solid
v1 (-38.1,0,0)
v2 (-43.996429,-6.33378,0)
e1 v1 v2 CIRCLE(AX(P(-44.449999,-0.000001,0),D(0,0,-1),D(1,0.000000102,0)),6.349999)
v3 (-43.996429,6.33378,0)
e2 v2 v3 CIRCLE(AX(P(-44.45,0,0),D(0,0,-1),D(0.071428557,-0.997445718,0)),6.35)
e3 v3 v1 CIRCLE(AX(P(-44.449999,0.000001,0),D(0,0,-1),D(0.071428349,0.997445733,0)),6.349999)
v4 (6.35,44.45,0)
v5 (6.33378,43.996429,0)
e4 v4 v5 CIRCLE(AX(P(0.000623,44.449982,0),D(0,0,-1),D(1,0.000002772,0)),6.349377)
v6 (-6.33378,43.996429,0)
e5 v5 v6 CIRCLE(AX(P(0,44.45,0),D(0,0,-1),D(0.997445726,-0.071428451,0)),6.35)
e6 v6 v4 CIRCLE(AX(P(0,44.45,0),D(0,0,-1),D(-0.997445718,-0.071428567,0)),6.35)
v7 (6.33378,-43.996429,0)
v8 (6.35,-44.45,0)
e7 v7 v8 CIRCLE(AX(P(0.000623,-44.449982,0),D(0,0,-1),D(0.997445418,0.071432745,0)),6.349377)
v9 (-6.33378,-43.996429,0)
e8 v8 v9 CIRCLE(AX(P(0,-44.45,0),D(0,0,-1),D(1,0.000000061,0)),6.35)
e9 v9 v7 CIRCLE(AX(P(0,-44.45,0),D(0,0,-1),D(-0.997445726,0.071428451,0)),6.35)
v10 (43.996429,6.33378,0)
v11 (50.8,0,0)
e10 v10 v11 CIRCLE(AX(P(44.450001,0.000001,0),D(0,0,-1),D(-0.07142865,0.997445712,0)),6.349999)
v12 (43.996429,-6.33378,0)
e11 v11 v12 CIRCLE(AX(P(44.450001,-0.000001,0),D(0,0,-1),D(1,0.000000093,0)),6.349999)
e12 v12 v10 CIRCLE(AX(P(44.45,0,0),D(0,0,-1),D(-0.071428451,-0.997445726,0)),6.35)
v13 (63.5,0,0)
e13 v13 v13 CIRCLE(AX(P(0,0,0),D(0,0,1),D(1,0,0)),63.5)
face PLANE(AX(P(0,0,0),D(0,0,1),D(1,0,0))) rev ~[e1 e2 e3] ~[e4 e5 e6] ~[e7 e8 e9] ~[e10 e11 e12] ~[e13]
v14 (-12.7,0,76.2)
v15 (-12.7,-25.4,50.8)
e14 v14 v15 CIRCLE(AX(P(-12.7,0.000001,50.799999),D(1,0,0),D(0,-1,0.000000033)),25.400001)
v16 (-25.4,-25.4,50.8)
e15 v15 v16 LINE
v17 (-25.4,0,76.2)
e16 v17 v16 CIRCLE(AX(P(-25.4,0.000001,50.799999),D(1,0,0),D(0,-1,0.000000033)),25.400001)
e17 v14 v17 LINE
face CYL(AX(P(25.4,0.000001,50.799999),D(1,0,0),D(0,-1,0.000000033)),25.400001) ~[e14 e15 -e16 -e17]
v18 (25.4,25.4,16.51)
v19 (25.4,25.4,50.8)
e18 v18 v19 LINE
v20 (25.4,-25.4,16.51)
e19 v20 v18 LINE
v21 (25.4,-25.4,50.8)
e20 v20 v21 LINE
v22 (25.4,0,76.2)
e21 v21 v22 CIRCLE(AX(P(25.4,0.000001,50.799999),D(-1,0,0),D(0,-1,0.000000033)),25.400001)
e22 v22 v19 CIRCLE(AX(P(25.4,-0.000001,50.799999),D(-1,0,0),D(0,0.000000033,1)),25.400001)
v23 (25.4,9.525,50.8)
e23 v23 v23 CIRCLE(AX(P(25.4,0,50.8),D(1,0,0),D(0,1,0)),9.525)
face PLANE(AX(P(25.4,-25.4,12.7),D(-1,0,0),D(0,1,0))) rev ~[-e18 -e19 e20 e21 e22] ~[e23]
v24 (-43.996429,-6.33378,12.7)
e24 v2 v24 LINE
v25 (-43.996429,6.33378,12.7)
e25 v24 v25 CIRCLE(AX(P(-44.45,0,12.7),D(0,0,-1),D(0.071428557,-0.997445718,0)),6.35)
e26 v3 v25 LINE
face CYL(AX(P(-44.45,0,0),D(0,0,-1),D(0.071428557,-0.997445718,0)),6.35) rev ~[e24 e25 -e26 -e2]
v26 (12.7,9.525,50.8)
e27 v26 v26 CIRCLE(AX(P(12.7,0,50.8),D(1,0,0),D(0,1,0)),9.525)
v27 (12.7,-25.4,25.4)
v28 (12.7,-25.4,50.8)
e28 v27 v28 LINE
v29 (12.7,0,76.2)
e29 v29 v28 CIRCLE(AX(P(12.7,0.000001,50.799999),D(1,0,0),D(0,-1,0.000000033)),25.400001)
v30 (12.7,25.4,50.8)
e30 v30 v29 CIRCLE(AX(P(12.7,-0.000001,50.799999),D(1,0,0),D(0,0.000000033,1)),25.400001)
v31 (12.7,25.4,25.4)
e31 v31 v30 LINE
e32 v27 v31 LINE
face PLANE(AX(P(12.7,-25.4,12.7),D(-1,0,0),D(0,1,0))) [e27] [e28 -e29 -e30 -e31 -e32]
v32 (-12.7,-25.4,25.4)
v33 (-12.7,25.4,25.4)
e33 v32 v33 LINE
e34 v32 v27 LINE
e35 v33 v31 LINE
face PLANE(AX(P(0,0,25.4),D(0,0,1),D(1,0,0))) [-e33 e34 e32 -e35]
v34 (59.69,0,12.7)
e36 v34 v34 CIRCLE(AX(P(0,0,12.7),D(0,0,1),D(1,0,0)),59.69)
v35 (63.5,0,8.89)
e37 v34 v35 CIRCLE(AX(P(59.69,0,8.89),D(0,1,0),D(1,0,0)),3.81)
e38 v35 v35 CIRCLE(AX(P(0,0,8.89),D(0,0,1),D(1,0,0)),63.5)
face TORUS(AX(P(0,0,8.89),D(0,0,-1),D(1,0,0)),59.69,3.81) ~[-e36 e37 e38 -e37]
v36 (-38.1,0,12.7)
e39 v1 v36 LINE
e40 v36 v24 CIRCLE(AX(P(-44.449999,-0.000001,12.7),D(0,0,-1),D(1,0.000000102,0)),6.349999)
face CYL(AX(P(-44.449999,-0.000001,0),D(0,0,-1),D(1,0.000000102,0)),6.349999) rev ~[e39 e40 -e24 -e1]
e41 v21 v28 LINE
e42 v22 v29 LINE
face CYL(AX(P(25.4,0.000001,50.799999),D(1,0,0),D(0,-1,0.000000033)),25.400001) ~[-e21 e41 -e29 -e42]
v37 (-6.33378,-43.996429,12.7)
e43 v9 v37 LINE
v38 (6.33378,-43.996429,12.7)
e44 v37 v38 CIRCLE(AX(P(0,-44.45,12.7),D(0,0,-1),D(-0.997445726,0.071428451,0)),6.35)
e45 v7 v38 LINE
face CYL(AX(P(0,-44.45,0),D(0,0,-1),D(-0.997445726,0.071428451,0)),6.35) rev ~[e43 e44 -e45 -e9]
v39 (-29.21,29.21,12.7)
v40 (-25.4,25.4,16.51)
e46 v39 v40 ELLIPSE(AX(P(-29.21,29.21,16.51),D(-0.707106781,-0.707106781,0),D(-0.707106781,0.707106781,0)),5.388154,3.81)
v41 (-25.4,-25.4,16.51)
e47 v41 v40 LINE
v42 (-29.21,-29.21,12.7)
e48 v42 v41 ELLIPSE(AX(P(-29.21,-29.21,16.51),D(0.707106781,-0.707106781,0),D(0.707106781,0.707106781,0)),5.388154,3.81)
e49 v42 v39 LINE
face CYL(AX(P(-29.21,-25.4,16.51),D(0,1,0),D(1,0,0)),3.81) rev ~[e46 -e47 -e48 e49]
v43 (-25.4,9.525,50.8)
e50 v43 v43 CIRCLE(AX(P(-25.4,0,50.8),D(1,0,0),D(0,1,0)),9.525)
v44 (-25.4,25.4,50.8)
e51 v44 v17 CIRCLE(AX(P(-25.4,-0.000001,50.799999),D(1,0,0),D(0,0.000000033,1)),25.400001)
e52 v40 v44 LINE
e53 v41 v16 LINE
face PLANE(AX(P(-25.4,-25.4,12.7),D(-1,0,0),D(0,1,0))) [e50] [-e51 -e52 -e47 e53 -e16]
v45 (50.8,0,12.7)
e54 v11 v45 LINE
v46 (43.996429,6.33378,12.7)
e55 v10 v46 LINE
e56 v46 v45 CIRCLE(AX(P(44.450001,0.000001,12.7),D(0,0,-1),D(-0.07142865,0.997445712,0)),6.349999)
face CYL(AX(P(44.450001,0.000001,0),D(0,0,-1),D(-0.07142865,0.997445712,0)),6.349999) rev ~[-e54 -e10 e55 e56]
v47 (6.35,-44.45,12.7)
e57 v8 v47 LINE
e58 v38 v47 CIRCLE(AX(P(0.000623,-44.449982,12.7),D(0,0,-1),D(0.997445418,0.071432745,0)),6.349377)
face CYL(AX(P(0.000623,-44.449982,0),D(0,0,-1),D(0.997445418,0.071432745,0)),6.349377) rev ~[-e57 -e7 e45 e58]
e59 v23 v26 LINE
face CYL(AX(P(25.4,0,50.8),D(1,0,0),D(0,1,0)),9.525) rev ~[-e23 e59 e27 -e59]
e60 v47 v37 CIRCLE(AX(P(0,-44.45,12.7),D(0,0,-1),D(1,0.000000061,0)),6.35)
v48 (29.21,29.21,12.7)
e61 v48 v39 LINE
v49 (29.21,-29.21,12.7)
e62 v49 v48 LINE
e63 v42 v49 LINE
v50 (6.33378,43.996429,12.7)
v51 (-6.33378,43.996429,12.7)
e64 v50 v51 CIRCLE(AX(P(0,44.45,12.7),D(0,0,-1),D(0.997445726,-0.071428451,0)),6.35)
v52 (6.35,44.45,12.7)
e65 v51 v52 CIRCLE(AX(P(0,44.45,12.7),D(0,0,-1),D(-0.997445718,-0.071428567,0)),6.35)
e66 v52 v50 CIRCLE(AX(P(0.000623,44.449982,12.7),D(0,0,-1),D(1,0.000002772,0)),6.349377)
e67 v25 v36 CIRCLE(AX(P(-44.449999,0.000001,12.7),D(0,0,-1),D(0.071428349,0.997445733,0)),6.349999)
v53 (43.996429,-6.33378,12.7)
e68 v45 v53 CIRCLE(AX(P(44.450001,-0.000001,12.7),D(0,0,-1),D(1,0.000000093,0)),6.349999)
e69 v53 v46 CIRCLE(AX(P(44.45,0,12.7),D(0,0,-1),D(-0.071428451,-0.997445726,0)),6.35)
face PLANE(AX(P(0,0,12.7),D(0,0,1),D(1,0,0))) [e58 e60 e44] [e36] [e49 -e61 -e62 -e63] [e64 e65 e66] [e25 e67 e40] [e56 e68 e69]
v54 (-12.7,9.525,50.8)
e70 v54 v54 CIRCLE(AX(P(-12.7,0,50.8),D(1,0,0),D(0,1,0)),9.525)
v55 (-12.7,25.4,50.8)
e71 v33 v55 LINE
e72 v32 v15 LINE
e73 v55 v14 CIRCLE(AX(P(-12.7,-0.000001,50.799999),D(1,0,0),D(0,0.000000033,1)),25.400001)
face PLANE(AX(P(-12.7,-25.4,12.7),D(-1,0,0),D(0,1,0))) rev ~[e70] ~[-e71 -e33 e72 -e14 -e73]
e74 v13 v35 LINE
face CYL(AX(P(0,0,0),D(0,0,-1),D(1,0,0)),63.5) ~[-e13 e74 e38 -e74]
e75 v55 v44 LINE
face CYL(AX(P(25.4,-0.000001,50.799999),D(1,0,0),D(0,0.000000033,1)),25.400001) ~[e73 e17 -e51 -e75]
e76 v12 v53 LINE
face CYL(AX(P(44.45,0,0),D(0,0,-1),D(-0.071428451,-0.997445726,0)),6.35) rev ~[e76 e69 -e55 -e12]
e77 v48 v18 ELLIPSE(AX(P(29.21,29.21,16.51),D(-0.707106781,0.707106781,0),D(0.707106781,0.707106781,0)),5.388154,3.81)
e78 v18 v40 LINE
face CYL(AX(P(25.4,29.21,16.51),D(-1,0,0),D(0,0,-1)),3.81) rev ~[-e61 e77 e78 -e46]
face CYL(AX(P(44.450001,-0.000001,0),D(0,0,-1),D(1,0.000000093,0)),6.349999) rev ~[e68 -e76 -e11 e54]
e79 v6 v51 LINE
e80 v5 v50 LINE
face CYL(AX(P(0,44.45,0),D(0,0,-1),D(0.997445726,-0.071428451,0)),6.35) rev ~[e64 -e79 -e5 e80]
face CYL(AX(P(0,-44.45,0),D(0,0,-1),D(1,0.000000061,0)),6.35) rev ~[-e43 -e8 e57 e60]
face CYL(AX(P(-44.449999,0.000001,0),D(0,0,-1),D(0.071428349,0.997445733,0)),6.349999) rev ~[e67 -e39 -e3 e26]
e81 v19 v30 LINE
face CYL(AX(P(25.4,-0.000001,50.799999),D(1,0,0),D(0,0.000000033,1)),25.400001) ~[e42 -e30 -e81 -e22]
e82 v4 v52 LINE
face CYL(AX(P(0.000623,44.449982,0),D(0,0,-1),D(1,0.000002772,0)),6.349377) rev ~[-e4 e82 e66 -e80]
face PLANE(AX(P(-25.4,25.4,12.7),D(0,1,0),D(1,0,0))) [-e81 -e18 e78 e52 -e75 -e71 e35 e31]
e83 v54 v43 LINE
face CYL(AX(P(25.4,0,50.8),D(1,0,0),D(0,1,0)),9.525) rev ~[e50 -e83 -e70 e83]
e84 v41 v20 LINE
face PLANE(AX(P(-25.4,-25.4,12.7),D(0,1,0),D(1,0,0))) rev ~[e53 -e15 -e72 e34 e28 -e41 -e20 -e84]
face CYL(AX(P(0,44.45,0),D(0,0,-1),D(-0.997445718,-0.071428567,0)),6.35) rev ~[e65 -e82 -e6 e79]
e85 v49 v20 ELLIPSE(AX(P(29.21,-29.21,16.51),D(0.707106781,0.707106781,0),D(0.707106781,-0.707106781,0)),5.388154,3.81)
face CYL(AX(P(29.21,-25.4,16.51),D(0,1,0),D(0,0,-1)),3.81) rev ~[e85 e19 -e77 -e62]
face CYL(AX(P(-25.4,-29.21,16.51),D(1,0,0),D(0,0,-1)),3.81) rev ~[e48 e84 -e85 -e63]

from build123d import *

# Parameters (mm, degrees)
F0_R     = 63.5
F1_DEPTH = 12.7
F2_W     = 25.4
F2_H     = 50.8
F3_DEPTH = 12.7
F2_W_2   = 12.7
F4_DEPTH = 63.5
F6_DEPTH = 88.901
F5_R     = 9.525
F7_DEPTH = 88.901
F8_R     = 3.81


with BuildPart() as f1:
    # F0 (on Top) → F1 (new body)
    with BuildSketch(Plane.XY):
        Circle(F0_R)
        with BuildLine():
            ThreePointArc((-6.33378, 43.996429), (-0.226931, 50.795944), (6.35, 44.45))
            ThreePointArc((6.35, 44.45), (6.345944, 44.223069), (6.33378, 43.996429))
            ThreePointArc((6.33378, 43.996429), (31.430896, 31.430896), (43.996429, 6.33378))
            ThreePointArc((43.996429, 6.33378), (48.776796, 4.647724), (50.8, 0))
            ThreePointArc((50.8, 0), (48.776796, -4.647724), (43.996429, -6.33378))
            ThreePointArc((43.996429, -6.33378), (31.430896, -31.430896), (6.33378, -43.996429))
            ThreePointArc((6.33378, -43.996429), (6.345944, -44.223069), (6.35, -44.45))
            ThreePointArc((6.35, -44.45), (-0.226931, -50.795944), (-6.33378, -43.996429))
            ThreePointArc((-6.33378, -43.996429), (-31.430896, -31.430896), (-43.996429, -6.33378))
            ThreePointArc((-43.996429, -6.33378), (-50.8, 0), (-43.996429, 6.33378))
            ThreePointArc((-43.996429, 6.33378), (-31.430896, 31.430896), (-6.33378, 43.996429))
        make_face(mode=Mode.SUBTRACT)
        with BuildLine():
            ThreePointArc((6.33378, 43.996429), (0, 38.1), (-6.33378, 43.996429))
            ThreePointArc((-6.33378, 43.996429), (-31.430896, 31.430896), (-43.996429, 6.33378))
            ThreePointArc((-43.996429, 6.33378), (-39.802276, 4.326796), (-38.1, 0))
            ThreePointArc((-38.1, 0), (-39.802276, -4.326796), (-43.996429, -6.33378))
            ThreePointArc((-43.996429, -6.33378), (-31.430896, -31.430896), (-6.33378, -43.996429))
            ThreePointArc((-6.33378, -43.996429), (0, -38.1), (6.33378, -43.996429))
            ThreePointArc((6.33378, -43.996429), (31.430896, -31.430896), (43.996429, -6.33378))
            ThreePointArc((43.996429, -6.33378), (38.1, 0), (43.996429, 6.33378))
            ThreePointArc((43.996429, 6.33378), (31.430896, 31.430896), (6.33378, 43.996429))
        make_face()
    extrude(amount=F1_DEPTH)

    # F2 (on face) → F3 (join)
    with BuildSketch(Plane.XY.offset(12.7)):
        Rectangle(F2_W, F2_H)
    extrude(amount=F3_DEPTH)

    # F2 (on face) → F4 (join)
    with BuildSketch(Plane.XY.offset(12.7)):
        with Locations((-19.05, 0)):
            Rectangle(F2_W_2, F2_H)
        with Locations((19.05, 0)):
            Rectangle(F2_W_2, F2_H)
    extrude(amount=F4_DEPTH)

    # F5 (on face) → F6 (cut, through all)
    with BuildSketch(Plane.YZ.offset(25.4)):
        with BuildLine():
            Line((25.4, 76.2), (0, 76.2))
            ThreePointArc((0, 76.2), (17.960512, 68.760512), (25.4, 50.8))
            Line((25.4, 50.8), (25.4, 76.2))
        make_face()
        with BuildLine():
            ThreePointArc((-25.4, 50.8), (-17.960512, 68.760512), (0, 76.2))
            Line((0, 76.2), (-25.4, 76.2))
            Line((-25.4, 76.2), (-25.4, 50.8))
        make_face()
    extrude(amount=-F6_DEPTH, mode=Mode.SUBTRACT)

    # F5 (on face) → F7 (cut, through all)
    with BuildSketch(Plane.YZ.offset(25.4)):
        with Locations((0, 50.8)):
            Circle(F5_R)
    extrude(amount=-F7_DEPTH, mode=Mode.SUBTRACT)

    # F8
    f8_edges = [f1.edges().sort_by_distance(p)[0] for p in [
        (-63.5, 0, 12.7),
        (0, -25.4, 12.7),
        (25.4, 0, 12.7),
        (0, 25.4, 12.7),
        (-25.4, 0, 12.7),
    ]]
    fillet(f8_edges, radius=F8_R)


solid = f1.part
